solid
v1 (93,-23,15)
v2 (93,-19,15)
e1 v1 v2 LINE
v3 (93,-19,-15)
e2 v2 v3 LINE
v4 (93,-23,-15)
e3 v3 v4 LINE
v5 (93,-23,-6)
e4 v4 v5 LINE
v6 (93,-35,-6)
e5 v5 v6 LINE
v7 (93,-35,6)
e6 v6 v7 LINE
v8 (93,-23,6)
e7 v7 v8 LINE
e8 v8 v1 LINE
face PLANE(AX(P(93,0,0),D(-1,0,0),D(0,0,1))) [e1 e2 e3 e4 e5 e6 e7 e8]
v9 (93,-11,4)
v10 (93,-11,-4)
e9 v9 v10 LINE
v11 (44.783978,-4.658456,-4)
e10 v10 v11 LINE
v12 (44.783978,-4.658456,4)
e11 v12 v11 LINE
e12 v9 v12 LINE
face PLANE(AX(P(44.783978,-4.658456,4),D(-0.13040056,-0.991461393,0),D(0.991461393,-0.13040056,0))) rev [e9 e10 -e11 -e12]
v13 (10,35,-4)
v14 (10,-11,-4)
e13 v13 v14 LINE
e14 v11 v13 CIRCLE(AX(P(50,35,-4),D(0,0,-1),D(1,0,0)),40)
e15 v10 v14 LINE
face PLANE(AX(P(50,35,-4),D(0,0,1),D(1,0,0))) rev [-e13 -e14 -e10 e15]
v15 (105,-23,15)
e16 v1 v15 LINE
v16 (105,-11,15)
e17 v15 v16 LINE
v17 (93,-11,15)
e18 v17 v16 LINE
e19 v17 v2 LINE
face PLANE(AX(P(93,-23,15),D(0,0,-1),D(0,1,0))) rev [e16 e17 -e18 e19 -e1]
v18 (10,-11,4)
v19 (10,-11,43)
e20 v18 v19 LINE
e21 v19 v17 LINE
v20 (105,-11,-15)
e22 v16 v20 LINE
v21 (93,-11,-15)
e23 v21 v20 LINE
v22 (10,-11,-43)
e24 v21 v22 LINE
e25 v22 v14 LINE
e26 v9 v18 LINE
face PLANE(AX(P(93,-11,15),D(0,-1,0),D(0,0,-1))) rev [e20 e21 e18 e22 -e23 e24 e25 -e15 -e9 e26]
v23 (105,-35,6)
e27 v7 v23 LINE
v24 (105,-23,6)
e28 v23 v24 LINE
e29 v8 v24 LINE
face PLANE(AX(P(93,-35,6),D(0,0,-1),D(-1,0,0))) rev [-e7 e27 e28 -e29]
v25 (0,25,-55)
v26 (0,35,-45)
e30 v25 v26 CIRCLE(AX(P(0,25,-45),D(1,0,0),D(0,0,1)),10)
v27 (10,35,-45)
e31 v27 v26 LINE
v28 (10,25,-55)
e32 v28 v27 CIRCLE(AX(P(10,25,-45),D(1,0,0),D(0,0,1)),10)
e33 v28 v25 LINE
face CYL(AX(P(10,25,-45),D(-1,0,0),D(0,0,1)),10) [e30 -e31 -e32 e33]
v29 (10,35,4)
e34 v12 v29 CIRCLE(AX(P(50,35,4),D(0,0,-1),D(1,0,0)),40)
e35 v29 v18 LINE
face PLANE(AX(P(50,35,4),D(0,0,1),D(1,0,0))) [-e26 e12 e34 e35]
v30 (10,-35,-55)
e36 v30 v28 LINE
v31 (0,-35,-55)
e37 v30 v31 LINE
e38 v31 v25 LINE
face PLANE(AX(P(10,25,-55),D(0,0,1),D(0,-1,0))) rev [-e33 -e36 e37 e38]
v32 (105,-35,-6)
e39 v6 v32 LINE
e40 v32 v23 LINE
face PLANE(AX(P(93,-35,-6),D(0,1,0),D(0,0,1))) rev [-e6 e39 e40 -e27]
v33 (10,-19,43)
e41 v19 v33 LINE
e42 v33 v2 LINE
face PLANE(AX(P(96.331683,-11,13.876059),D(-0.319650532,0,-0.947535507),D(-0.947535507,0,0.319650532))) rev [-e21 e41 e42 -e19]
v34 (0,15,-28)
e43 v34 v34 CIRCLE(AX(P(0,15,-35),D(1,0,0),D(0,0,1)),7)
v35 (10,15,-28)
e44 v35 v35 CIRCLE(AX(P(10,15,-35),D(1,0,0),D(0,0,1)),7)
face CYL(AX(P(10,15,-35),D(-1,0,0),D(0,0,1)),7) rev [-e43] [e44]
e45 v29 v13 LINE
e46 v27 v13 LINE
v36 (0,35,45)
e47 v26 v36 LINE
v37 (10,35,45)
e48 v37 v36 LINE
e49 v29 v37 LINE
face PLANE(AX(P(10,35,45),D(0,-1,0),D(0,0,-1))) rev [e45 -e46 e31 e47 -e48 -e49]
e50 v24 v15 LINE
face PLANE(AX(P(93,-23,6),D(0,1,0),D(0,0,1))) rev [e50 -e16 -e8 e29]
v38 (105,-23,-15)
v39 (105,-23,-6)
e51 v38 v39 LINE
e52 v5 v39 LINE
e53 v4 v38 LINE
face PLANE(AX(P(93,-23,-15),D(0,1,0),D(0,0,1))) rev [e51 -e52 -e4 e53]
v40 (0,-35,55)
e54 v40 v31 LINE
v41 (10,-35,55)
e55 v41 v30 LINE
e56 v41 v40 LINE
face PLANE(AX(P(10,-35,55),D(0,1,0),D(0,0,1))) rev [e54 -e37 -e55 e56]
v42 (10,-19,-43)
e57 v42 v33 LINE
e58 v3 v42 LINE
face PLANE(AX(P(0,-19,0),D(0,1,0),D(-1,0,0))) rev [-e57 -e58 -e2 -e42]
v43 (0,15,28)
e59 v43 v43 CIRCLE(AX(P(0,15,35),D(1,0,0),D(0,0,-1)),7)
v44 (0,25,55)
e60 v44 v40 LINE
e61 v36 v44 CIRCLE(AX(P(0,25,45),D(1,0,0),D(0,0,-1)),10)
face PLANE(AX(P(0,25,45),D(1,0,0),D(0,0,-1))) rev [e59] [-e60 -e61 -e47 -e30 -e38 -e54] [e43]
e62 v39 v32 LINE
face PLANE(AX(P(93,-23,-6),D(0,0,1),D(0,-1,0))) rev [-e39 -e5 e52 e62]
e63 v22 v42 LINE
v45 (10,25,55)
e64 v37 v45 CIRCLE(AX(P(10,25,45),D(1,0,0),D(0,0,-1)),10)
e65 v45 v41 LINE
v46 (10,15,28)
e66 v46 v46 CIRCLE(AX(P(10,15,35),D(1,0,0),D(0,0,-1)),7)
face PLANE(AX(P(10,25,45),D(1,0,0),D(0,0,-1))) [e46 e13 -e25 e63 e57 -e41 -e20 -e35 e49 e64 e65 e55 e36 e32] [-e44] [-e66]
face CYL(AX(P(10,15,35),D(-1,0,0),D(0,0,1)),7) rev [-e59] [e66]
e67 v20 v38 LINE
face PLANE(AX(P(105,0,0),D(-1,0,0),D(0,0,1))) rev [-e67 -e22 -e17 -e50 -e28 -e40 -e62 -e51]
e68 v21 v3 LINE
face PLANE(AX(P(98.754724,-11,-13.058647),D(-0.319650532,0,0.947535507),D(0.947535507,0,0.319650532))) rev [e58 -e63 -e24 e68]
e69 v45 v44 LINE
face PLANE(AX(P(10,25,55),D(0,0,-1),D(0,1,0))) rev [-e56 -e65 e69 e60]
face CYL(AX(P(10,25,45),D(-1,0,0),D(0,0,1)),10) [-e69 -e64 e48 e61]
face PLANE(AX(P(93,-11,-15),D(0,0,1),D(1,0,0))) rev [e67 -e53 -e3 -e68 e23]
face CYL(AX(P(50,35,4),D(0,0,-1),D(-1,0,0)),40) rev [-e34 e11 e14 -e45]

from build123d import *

# Parameters (mm, degrees)
SKETCH1_R           = 7
BOSS_EXTRUDE1_DEPTH = 10
BOSS_EXTRUDE2_DEPTH = 12
BOSS_EXTRUDE3_DEPTH = 4
BOSS_EXTRUDE4_START = -15
BOSS_EXTRUDE4_DEPTH = 4


with BuildPart() as part:
    # Sketch1 → Boss-Extrude1 (new body)
    with BuildSketch(Plane(origin=(0, 0, 0), x_dir=(0, 0, -1), z_dir=(1, 0, 0))):
        with BuildLine():
            Line((-45, 35), (45, 35))
            ThreePointArc((45, 35), (52.071067812, 32.071067812), (55, 25))
            Line((55, 25), (55, -35))
            Line((55, -35), (-55, -35))
            Line((-55, -35), (-55, 25))
            ThreePointArc((-55, 25), (-52.071067812, 32.071067812), (-45, 35))
        make_face()
        with Locations((-35, 15)):
            Circle(SKETCH1_R, mode=Mode.SUBTRACT)
        with Locations(Location((35, 15, 0), (0, 0, 180))):
            Circle(SKETCH1_R, mode=Mode.SUBTRACT)
    extrude(amount=BOSS_EXTRUDE1_DEPTH)



with BuildPart() as body_2:
    # Sketch4 → Boss-Extrude2 (new body)
    with BuildSketch(Plane.ZY.offset(-105)):
        Polygon((6, -35), (6, -23), (15, -23), (15, -11), (-15, -11), (-15, -23), (-6, -23), (-6, -35), align=None)
    extrude(amount=BOSS_EXTRUDE2_DEPTH)


with BuildPart() as part_1:
    add(part.part)

    add(body_2.part)  # Boss-Extrude3 merges body 2
    # Sketch5 → Boss-Extrude3 (add, symmetric)
    with BuildSketch(Plane.XY):
        with BuildLine():
            Line((44.783977599, -4.658455723), (93, -11))
            Line((93, -11), (93, -15))
            Line((93, -15), (10, -15))
            Line((10, -15), (10, 35))
            ThreePointArc((10, 35), (19.928078744, 8.624262058), (44.783977599, -4.658455723))
        make_face()
    extrude(amount=BOSS_EXTRUDE3_DEPTH, both=True)

    # Sketch6 → Boss-Extrude4 (add, symmetric)
    with BuildSketch(Plane(origin=(0, 0, 0), x_dir=(1, 0, 0), z_dir=(0, 1, 0)).offset(BOSS_EXTRUDE4_START)):
        Polygon((93, -15), (93, -4), (93, 4), (93, 15), (10, 43), (10, -43), align=None)
    extrude(amount=BOSS_EXTRUDE4_DEPTH, both=True)


solid = part_1.part
